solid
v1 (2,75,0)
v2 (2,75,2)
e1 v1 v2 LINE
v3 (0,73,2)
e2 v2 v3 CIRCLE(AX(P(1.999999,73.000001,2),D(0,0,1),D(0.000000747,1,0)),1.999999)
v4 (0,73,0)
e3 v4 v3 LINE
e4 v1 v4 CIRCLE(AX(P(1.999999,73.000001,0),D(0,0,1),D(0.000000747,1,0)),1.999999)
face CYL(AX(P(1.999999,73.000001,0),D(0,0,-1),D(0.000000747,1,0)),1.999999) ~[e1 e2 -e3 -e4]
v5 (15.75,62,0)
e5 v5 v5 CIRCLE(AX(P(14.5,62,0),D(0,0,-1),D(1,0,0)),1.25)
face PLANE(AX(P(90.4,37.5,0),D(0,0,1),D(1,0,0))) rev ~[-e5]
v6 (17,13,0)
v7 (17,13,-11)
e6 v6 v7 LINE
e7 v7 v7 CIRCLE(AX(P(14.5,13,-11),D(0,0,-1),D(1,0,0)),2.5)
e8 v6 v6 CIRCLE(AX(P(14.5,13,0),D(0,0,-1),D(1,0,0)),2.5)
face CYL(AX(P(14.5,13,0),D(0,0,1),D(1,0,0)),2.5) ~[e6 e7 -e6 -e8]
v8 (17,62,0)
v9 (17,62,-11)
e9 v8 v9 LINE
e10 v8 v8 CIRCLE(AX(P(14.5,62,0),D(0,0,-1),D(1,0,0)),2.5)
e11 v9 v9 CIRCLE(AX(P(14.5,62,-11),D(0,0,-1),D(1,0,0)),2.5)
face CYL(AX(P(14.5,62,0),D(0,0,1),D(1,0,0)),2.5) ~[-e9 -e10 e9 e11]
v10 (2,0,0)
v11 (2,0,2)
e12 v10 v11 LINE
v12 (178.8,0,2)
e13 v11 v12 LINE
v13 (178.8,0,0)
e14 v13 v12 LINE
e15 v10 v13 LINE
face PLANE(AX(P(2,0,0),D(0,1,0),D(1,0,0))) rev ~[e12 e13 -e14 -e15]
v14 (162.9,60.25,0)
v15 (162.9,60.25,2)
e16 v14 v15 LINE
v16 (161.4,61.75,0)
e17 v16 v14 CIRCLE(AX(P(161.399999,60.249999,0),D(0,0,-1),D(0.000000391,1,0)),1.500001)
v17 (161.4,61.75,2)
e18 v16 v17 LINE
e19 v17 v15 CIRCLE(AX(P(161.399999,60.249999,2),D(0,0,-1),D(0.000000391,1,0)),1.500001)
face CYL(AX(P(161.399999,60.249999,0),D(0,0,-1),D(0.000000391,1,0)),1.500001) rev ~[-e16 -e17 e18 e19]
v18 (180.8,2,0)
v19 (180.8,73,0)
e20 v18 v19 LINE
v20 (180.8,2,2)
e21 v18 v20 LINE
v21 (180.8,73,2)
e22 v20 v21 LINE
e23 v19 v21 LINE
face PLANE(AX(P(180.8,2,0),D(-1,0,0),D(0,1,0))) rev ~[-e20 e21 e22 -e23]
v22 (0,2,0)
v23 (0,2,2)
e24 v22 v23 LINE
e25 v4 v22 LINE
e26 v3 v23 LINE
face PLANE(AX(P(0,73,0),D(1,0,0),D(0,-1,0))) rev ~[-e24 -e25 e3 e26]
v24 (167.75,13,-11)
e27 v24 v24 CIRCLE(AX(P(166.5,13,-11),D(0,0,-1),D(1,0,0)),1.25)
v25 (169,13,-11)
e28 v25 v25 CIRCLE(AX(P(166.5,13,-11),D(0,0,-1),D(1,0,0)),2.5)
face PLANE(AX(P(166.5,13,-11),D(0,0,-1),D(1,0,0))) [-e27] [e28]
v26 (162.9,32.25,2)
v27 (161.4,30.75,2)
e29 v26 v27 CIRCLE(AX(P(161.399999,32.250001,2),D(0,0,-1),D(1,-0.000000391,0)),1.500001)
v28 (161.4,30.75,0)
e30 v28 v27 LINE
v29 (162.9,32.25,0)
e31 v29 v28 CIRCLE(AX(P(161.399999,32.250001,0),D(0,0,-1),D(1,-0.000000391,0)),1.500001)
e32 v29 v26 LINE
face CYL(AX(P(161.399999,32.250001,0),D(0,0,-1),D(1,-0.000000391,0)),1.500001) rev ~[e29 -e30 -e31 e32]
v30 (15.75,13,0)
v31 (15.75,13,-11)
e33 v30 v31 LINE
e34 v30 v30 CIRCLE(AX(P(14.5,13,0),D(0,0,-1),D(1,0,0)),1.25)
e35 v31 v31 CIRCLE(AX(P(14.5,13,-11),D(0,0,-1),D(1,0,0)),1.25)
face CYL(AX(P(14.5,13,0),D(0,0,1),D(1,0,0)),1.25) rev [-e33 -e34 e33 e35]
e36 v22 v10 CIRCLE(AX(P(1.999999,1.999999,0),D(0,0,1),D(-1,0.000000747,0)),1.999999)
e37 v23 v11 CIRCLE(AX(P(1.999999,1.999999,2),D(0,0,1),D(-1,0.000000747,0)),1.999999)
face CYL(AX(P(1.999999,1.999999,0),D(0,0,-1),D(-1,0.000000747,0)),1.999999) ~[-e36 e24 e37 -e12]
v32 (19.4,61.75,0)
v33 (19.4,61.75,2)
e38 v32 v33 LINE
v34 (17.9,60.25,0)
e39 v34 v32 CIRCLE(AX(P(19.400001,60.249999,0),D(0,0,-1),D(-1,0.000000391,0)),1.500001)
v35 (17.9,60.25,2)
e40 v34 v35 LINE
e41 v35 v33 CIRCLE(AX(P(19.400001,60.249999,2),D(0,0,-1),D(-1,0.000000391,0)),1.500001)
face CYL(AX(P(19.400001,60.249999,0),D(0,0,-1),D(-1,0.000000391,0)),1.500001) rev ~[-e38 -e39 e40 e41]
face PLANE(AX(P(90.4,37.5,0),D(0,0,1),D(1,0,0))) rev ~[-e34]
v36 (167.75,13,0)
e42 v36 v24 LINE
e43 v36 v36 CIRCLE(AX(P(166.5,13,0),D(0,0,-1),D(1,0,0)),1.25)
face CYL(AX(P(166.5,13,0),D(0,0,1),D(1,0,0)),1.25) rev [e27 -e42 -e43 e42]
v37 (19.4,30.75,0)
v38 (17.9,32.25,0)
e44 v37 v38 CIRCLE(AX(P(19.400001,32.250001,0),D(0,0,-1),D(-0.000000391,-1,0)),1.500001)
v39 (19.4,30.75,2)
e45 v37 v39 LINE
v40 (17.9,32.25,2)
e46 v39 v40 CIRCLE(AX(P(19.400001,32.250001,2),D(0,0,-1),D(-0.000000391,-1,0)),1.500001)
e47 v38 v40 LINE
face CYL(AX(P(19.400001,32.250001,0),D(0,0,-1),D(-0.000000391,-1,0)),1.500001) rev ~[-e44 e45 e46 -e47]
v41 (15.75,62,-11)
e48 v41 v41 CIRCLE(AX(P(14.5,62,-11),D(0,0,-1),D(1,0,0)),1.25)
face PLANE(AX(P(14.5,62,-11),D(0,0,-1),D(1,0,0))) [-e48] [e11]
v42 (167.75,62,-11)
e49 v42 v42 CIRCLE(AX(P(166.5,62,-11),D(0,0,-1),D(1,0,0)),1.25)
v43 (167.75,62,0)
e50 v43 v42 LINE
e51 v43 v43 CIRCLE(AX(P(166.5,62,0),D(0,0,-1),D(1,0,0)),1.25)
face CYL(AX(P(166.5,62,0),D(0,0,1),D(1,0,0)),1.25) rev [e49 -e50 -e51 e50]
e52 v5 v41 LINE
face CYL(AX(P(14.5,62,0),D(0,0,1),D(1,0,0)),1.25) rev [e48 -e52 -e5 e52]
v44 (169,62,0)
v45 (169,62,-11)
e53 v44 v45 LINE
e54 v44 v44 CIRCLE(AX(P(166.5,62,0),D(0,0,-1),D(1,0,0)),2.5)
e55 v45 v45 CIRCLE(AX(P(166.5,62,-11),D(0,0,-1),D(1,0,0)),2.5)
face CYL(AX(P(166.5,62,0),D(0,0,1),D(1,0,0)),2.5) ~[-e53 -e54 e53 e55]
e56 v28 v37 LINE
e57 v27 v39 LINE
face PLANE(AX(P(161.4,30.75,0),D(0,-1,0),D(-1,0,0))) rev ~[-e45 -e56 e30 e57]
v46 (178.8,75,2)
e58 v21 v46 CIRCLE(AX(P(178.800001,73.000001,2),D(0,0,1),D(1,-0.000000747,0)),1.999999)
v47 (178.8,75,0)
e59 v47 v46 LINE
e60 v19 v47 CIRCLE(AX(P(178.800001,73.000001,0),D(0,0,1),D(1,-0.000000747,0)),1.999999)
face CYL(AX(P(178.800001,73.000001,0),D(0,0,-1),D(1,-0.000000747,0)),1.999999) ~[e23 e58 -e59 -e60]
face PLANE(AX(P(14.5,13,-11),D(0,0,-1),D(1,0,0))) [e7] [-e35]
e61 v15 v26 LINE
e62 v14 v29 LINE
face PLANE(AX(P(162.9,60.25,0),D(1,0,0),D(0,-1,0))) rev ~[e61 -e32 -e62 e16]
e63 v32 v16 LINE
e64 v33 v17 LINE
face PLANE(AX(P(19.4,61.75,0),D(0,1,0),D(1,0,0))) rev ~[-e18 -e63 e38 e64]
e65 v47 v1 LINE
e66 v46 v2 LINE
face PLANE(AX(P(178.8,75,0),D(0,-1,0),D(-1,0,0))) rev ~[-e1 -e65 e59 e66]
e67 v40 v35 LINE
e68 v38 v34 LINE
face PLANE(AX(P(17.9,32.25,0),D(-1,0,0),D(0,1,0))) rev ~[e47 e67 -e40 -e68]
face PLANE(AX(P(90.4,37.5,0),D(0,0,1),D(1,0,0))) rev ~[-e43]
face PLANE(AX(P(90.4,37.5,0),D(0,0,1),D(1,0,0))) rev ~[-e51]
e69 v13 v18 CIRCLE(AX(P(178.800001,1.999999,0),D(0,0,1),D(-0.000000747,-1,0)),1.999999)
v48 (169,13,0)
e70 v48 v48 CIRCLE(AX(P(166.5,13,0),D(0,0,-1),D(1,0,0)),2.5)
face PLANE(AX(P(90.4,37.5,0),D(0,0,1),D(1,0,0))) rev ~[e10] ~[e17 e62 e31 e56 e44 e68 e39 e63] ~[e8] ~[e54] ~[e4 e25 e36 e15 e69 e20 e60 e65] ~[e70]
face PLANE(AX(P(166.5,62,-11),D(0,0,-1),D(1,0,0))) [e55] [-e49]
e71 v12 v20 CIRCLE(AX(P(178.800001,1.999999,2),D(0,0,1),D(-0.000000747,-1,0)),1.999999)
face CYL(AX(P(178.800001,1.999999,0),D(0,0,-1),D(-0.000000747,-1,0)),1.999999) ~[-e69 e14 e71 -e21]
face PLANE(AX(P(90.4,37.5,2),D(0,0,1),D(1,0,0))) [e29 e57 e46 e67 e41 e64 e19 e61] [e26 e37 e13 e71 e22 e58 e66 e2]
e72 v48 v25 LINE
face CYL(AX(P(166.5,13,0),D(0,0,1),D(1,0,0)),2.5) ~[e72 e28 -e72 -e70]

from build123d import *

# Parameters (mm, degrees)
F1_DEPTH = 2
F2_R     = 2.5
F2_R_2   = 1.25
F3_DEPTH = 11


with BuildPart() as f1:
    # F0 (on Top) → F1 (new body)
    with BuildSketch(Plane.XY):
        with BuildLine():
            ThreePointArc((0, 2), (0.585786, 0.585786), (2, 0))
            Line((2, 0), (178.8, 0))
            ThreePointArc((178.8, 0), (180.214214, 0.585786), (180.8, 2))
            Line((180.8, 2), (180.8, 73))
            ThreePointArc((180.8, 73), (180.214214, 74.414214), (178.8, 75))
            Line((178.8, 75), (2, 75))
            ThreePointArc((2, 75), (0.585786, 74.414214), (0, 73))
            Line((0, 73), (0, 2))
        make_face()
        with BuildLine():
            ThreePointArc((17.9, 60.25), (18.33934, 61.31066), (19.4, 61.75))
            Line((19.4, 61.75), (161.4, 61.75))
            ThreePointArc((161.4, 61.75), (162.46066, 61.31066), (162.9, 60.25))
            Line((162.9, 60.25), (162.9, 32.25))
            ThreePointArc((162.9, 32.25), (162.46066, 31.18934), (161.4, 30.75))
            Line((161.4, 30.75), (19.4, 30.75))
            ThreePointArc((19.4, 30.75), (18.33934, 31.18934), (17.9, 32.25))
            Line((17.9, 32.25), (17.9, 60.25))
        make_face(mode=Mode.SUBTRACT)
    extrude(amount=F1_DEPTH)

    # F2 (on face) → F3 (join)
    with BuildSketch(Plane(origin=(0, 0, 0), x_dir=(1, 0, 0), z_dir=(0, 0, -1))):
        with Locations((14.5, -13)):
            Circle(F2_R)
        with Locations((14.5, -13)):
            Circle(F2_R_2, mode=Mode.SUBTRACT)
        with Locations((14.5, -62)):
            Circle(F2_R)
        with Locations((14.5, -62)):
            Circle(F2_R_2, mode=Mode.SUBTRACT)
        with Locations((166.5, -62)):
            Circle(F2_R)
        with Locations((166.5, -62)):
            Circle(F2_R_2, mode=Mode.SUBTRACT)
        with Locations((166.5, -13)):
            Circle(F2_R)
        with Locations((166.5, -13)):
            Circle(F2_R_2, mode=Mode.SUBTRACT)
    extrude(amount=F3_DEPTH)


solid = f1.part
